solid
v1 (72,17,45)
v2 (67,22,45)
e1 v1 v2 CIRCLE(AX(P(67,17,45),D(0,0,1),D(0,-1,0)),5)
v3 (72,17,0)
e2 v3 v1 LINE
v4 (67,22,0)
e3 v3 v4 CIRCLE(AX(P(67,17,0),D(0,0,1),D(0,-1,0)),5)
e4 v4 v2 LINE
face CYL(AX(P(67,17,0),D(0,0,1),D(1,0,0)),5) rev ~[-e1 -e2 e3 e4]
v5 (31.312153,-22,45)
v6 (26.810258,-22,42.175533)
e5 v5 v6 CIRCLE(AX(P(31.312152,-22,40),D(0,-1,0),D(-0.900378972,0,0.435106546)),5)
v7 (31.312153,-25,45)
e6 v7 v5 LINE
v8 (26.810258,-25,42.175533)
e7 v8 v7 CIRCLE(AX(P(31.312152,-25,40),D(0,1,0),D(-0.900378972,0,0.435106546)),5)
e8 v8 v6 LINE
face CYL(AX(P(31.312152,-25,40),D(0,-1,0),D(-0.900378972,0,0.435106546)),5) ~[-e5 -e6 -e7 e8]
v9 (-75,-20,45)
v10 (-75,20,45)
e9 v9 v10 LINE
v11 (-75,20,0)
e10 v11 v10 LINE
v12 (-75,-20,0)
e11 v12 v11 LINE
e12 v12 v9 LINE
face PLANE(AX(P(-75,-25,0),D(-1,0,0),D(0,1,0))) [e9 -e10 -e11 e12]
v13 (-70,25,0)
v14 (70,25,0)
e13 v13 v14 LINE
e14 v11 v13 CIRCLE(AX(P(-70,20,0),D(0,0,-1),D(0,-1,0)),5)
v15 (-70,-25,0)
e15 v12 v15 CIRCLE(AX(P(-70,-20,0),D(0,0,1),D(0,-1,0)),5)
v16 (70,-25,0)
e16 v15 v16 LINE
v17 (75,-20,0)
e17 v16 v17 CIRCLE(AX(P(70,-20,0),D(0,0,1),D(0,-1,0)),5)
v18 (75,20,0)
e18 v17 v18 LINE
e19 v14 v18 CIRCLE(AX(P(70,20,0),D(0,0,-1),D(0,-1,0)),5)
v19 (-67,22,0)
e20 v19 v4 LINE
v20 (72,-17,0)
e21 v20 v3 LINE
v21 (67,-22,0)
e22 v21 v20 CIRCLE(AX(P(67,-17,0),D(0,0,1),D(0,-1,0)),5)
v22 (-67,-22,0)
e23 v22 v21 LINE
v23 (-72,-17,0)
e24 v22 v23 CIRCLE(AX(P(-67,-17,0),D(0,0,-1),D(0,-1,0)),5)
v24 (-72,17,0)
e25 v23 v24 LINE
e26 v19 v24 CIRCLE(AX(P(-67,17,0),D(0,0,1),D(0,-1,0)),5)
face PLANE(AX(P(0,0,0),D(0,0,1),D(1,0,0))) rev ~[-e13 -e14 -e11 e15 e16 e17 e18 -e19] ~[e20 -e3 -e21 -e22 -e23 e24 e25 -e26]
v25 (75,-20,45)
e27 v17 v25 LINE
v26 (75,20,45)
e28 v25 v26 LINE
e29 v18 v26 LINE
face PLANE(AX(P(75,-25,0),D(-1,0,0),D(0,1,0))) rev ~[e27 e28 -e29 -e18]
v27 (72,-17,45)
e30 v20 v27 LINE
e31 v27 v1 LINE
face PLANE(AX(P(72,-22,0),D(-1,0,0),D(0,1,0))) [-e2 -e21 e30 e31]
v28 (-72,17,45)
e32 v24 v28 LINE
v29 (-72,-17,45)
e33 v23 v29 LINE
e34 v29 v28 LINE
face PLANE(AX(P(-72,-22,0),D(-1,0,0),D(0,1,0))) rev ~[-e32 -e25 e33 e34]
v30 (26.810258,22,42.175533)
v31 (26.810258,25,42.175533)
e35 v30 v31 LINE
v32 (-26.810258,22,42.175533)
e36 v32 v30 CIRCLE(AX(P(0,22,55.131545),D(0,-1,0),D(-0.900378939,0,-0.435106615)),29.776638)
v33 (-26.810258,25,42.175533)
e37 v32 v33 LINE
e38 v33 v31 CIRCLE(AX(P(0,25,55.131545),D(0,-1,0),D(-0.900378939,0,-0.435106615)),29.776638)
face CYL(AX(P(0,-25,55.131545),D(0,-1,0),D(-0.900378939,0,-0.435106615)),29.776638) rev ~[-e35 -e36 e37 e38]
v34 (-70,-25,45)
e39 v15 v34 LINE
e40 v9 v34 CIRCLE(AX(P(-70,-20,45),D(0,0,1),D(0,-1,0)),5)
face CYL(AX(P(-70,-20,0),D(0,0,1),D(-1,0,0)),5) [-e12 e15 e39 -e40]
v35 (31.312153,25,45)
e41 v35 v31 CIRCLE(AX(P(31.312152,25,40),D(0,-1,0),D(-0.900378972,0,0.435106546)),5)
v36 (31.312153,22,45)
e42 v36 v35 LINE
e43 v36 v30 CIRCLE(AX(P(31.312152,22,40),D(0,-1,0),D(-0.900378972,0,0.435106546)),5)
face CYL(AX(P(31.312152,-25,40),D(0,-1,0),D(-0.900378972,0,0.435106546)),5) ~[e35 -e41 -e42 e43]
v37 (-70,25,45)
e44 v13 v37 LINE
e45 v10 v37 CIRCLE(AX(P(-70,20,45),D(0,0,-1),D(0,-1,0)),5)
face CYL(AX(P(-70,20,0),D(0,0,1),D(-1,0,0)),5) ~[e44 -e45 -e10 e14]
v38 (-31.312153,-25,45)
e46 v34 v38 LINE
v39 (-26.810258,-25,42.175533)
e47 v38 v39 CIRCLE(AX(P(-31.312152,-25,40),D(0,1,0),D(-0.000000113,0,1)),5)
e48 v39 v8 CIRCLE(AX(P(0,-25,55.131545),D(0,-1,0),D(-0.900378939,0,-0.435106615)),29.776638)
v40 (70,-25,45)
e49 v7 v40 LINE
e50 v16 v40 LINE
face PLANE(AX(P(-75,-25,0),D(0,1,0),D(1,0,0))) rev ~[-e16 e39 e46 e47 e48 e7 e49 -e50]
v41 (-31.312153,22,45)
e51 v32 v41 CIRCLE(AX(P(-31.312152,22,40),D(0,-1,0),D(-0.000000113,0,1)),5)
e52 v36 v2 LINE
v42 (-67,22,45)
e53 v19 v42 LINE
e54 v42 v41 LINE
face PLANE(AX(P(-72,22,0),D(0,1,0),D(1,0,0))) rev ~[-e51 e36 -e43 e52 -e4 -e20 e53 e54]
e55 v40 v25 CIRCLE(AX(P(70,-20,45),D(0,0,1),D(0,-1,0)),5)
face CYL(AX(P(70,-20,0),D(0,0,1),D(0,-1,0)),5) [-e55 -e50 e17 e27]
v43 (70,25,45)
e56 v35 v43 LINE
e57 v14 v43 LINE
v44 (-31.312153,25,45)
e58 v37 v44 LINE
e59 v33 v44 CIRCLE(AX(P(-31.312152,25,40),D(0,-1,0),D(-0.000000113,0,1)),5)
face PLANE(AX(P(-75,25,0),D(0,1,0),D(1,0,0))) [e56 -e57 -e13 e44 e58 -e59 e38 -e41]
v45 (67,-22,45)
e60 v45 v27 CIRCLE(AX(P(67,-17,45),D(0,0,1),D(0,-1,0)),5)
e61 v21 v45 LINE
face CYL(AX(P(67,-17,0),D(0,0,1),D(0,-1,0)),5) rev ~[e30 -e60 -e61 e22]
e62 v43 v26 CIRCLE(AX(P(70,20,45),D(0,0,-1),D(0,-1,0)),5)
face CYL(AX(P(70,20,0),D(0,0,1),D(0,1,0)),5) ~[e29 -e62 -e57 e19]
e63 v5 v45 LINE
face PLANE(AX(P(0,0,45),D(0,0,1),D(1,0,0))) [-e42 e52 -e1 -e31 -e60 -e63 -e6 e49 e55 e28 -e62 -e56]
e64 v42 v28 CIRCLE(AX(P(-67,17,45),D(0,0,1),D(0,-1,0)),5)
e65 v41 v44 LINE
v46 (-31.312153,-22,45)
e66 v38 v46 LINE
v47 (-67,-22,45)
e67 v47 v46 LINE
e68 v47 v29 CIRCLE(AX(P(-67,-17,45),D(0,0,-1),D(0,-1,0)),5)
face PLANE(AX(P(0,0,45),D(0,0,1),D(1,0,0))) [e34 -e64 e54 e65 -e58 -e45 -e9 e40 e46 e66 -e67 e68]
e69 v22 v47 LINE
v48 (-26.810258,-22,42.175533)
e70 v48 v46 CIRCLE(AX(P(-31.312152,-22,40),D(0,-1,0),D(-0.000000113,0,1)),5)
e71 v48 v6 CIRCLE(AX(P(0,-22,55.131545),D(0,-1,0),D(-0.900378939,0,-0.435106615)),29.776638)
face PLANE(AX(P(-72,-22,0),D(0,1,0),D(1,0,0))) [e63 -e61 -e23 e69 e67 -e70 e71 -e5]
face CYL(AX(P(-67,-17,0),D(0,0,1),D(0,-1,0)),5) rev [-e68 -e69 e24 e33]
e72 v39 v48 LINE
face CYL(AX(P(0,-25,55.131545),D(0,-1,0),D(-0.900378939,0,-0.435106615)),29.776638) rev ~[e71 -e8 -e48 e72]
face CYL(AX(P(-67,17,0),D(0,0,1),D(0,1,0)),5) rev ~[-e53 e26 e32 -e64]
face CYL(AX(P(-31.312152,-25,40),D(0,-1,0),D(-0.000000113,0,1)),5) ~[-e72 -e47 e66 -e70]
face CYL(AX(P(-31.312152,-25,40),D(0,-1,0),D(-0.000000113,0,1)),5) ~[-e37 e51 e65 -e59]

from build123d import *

# Parameters (mm, degrees)
F0_W     = 150
F0_H     = 50
F0_W_2   = 144
F0_H_2   = 44
F1_DEPTH = 45
F3_DEPTH = 53.9
F4_R     = 5


with BuildPart() as f1:
    # F0 (on Top) → F1 (new body)
    with BuildSketch(Plane.XY):
        Rectangle(F0_W, F0_H)
        Rectangle(F0_W_2, F0_H_2, mode=Mode.SUBTRACT)
    extrude(amount=F1_DEPTH)

    # F2 (on face) → F3 (cut)
    with BuildSketch(Plane.XZ.offset(25)):
        with BuildLine():
            ThreePointArc((-31.312153, 45), (-28.654867, 44.235426), (-26.810258, 42.175533))
            ThreePointArc((-26.810258, 42.175533), (0, 25.354907), (26.810258, 42.175533))
            ThreePointArc((26.810258, 42.175533), (28.654867, 44.235426), (31.312153, 45))
            Line((31.312153, 45), (-31.312153, 45))
        make_face()
    extrude(amount=-F3_DEPTH, mode=Mode.SUBTRACT)

    # F4
    f4_edges = [f1.edges().sort_by_distance(p)[0] for p in [
        (-75, 25, 22.5),
        (-75, -25, 22.5),
        (75, 25, 22.5),
        (75, -25, 22.5),
        (-72, -22, 22.5),
        (72, -22, 22.5),
        (72, 22, 22.5),
        (-72, 22, 22.5),
    ]]
    fillet(f4_edges, radius=F4_R)


solid = f1.part
